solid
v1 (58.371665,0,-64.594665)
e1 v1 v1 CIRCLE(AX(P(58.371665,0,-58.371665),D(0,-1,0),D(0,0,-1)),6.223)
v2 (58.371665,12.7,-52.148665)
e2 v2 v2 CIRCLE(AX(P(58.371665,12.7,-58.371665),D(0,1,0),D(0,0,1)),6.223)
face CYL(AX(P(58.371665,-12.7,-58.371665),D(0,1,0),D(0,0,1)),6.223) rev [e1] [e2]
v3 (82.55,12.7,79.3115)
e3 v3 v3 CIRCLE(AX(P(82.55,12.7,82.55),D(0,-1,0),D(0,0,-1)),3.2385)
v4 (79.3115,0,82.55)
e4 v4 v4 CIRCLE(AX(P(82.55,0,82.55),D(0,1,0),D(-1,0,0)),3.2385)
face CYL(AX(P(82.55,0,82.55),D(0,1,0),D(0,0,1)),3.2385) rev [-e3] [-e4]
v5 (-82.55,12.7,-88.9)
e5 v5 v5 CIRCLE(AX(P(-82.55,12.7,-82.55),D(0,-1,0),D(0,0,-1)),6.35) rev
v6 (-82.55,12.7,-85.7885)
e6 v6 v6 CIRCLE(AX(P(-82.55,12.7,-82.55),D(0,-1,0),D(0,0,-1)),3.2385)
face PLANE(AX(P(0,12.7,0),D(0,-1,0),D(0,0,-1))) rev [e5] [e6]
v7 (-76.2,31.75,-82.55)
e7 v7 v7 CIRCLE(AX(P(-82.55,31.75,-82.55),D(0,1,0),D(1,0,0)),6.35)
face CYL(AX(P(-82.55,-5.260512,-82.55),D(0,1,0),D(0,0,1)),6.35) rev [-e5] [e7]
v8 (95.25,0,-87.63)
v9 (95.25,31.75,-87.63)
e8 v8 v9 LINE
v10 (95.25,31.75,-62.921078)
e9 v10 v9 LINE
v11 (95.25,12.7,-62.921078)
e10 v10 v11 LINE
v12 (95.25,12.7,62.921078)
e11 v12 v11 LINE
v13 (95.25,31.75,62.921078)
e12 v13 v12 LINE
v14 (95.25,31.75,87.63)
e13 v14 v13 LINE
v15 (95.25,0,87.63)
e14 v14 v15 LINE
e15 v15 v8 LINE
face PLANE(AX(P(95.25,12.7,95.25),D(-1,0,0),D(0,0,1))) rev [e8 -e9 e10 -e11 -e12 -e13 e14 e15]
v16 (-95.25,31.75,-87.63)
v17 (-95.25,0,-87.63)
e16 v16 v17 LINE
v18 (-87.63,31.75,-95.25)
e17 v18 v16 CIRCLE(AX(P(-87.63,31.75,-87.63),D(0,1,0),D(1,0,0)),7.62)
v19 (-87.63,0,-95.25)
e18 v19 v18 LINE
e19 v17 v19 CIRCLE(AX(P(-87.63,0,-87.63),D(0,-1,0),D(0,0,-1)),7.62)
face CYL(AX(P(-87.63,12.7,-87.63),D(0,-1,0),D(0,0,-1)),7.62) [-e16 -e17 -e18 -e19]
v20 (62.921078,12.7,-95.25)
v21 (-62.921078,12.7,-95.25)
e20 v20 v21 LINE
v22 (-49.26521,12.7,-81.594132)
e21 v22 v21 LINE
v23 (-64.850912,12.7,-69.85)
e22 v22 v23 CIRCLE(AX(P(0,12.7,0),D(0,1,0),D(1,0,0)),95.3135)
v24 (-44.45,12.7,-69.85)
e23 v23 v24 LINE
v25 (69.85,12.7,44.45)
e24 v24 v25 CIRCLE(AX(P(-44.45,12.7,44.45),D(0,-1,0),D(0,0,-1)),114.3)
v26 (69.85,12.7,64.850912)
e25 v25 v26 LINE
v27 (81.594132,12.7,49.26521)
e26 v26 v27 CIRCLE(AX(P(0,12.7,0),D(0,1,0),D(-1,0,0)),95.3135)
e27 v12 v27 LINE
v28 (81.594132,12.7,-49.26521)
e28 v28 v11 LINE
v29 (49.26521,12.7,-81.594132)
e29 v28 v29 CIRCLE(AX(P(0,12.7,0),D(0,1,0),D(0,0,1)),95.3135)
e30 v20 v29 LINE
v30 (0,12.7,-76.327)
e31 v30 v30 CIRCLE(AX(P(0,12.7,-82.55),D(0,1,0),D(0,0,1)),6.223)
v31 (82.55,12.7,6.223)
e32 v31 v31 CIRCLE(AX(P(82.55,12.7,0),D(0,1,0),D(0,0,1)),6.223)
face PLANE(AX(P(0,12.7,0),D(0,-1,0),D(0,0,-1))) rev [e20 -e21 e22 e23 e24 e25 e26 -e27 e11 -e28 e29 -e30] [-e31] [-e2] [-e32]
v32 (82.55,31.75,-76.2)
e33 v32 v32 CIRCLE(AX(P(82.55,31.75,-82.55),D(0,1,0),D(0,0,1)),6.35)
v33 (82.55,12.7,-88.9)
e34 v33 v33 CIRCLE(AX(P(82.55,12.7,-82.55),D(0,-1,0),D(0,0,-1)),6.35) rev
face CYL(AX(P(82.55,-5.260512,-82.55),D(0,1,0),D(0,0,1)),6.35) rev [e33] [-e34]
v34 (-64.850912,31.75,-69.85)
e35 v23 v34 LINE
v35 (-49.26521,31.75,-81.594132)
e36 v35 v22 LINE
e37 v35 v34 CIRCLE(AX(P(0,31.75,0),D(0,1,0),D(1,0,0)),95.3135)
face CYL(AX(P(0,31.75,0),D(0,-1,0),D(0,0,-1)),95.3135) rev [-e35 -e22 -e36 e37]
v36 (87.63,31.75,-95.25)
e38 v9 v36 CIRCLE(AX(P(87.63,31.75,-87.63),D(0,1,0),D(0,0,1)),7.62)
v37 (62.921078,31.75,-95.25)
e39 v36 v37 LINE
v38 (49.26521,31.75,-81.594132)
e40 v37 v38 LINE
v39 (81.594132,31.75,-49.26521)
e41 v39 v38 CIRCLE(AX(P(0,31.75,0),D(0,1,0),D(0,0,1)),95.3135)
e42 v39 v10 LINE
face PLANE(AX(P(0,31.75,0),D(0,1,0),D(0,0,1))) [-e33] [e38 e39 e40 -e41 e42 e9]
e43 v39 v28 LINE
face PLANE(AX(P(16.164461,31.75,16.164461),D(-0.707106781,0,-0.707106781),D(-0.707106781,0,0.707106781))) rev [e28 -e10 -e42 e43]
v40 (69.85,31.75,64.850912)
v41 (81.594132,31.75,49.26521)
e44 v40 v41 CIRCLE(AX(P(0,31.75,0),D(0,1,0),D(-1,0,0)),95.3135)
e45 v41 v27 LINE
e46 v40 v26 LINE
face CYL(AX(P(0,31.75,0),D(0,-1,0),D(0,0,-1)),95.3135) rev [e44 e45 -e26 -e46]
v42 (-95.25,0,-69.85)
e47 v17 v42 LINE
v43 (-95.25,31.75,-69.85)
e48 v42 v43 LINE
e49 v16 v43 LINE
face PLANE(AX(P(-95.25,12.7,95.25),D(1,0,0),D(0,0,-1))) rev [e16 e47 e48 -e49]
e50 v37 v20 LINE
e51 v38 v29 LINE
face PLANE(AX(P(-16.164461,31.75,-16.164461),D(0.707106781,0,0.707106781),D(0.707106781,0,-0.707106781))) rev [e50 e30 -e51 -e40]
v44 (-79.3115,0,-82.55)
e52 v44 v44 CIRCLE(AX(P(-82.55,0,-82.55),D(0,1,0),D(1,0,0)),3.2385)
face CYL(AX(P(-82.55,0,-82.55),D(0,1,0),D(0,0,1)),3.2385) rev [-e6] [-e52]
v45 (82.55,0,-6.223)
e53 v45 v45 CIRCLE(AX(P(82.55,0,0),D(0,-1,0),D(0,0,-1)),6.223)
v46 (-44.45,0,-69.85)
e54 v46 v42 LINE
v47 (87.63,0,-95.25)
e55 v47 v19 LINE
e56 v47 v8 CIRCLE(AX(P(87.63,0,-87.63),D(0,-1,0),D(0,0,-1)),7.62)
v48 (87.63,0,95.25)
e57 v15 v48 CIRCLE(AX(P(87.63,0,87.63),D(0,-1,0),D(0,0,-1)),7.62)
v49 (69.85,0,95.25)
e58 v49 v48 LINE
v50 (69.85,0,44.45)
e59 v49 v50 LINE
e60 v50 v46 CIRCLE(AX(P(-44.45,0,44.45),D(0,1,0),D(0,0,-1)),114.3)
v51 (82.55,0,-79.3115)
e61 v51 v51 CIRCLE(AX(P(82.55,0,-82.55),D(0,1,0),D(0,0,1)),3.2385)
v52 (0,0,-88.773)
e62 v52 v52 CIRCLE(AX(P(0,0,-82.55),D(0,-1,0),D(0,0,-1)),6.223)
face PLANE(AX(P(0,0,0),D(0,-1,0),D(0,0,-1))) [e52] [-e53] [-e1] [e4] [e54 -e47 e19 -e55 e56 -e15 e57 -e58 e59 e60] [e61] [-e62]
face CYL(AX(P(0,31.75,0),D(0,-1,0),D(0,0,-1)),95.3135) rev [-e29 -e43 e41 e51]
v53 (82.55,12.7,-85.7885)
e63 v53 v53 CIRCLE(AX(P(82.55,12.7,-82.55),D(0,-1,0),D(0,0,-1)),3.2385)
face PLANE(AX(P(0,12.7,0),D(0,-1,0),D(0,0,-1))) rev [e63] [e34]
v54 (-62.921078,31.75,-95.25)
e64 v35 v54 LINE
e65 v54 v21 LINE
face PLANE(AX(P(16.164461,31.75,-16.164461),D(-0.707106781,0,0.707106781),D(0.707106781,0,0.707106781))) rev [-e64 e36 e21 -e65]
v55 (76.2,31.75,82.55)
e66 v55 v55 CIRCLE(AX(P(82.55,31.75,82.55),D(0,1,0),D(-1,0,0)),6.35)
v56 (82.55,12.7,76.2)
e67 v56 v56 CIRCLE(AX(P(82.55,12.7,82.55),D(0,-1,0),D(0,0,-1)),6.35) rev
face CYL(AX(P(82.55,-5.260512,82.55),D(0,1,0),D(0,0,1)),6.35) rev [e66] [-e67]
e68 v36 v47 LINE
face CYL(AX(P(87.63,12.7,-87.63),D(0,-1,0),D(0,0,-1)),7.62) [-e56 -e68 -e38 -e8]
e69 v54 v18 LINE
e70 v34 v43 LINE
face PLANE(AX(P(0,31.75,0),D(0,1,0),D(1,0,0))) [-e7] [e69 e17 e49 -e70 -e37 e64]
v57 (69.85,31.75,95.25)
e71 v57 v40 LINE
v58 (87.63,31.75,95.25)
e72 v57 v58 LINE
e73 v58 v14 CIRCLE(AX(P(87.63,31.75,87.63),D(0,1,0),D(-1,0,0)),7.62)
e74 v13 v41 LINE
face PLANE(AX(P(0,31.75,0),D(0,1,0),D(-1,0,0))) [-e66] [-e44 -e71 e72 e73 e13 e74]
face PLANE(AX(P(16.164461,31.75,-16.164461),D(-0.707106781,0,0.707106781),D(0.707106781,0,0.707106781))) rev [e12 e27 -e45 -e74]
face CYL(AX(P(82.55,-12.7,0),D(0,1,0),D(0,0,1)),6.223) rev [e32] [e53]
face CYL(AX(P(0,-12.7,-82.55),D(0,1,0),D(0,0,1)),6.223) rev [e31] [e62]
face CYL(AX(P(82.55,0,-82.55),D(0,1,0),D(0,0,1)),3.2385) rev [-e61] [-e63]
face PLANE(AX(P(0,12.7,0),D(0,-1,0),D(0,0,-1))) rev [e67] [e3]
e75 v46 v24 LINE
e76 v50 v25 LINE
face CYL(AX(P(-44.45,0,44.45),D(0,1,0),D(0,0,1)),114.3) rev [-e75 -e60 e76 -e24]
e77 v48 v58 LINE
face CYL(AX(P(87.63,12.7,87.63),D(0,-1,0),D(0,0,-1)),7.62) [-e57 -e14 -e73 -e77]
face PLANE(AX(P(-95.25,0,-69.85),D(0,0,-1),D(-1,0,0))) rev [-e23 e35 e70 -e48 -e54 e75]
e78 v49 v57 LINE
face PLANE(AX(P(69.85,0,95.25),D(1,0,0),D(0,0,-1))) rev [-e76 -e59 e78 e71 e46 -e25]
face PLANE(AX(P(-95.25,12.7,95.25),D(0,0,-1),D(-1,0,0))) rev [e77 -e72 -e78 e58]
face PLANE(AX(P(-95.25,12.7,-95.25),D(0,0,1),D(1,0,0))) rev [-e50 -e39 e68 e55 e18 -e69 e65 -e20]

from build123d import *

# Parameters (mm, degrees)
SKETCH1_W               = 190.5
SKETCH1_H               = 190.5
BOSS_EXTRUDE1_DEPTH     = 12.7
FILLET1_R               = 7.62
BOSS_EXTRUDE3_START     = 19.05
BOSS_EXTRUDE3_DEPTH     = 19.05
CIRPATTERN1_COUNT       = 4
SKETCH8_R               = 6.223
CUT_EXTRUDE2_DEPTH      = 25.4
CUT_EXTRUDE3_DEPTH      = 137.044211564
CUT_EXTRUDE3_DEPTH_BACK = 137.044211564
SKETCH10_R              = 6.223
FILLET2_R               = 12.7
SKETCH11_R              = 6.35
CUT_EXTRUDE4_DEPTH      = 19.05
SKETCH11_3_R            = 3.2385
CUT_EXTRUDE5_DEPTH      = 139.395041457
CIRPATTERN2_COUNT       = 4
CUT_EXTRUDE6_DEPTH      = 137.044211564
CUT_EXTRUDE6_DEPTH_BACK = 137.044211564
CUT_EXTRUDE7_DEPTH      = 137.044211564
CUT_EXTRUDE7_DEPTH_BACK = 137.044211564


with BuildPart() as part:
    # Sketch1 → Boss-Extrude1 (new body)
    with BuildSketch(Plane(origin=(0, 0, 0), x_dir=(1, 0, 0), z_dir=(0, 1, 0))):
        Rectangle(SKETCH1_W, SKETCH1_H)
    extrude(amount=BOSS_EXTRUDE1_DEPTH)

    # Fillet1
    fillet1_edges = [part.edges().sort_by_distance(p)[0] for p in [
        (95.25, 6.35, 95.25),
        (-95.25, 6.35, 95.25),
        (-95.25, 6.35, -95.25),
        (95.25, 6.35, -95.25),
    ]]
    fillet(fillet1_edges, radius=FILLET1_R)

    # Sketch7 → Boss-Extrude3 (add)
    with BuildSketch(Plane(origin=(0, 12.7, 0), x_dir=(1, 0, 0), z_dir=(0, 1, 0)).offset(BOSS_EXTRUDE3_START)):
        with BuildLine():
            Line((67.396822189, 67.396822189), (93.018153673, 93.018153673))
            ThreePointArc((93.018153673, 93.018153673), (90.546047755, 94.669962038), (87.63, 95.25))
            Line((87.63, 95.25), (62.921077964, 95.25))
            Line((62.921077964, 95.25), (49.265209936, 81.594131972))
            ThreePointArc((49.265209936, 81.594131972), (58.761367718, 75.045086089), (67.396822189, 67.396822189))
        make_face()
        with BuildLine():
            ThreePointArc((95.25, 87.63), (94.669962038, 90.546047755), (93.018153673, 93.018153673))
            Line((93.018153673, 93.018153673), (67.396822189, 67.396822189))
            ThreePointArc((67.396822189, 67.396822189), (75.045086089, 58.761367718), (81.594131972, 49.265209936))
            Line((81.594131972, 49.265209936), (95.25, 62.921077964))
            Line((95.25, 62.921077964), (95.25, 87.63))
        make_face()
    boss_extrude3 = extrude(amount=-BOSS_EXTRUDE3_DEPTH)

    # CirPattern1: Boss-Extrude3 ×4 about axis
    cirpattern1_axis = Axis((0, 0, 0), (0, 1, 0))
    for i in range(1, CIRPATTERN1_COUNT):
        add(boss_extrude3.rotate(cirpattern1_axis, i * 360 / CIRPATTERN1_COUNT))

    # Sketch8 → Cut-Extrude2 (cut)
    with BuildSketch(Plane(origin=(0, 12.7, 0), x_dir=(1, 0, 0), z_dir=(0, 1, 0))):
        with Locations(Location((0, 82.55, 0), (0, 0, 270))):
            Circle(SKETCH8_R)
        with Locations(Location((58.371664787, 58.371664787, 0), (0, 0, 270))):
            Circle(SKETCH8_R)
        with Locations(Location((82.55, 0, 0), (0, 0, 270))):
            Circle(SKETCH8_R)
        with Locations(Location((58.371664787, -58.371664787, 0), (0, 0, 270))):
            Circle(SKETCH8_R)
        with Locations(Location((0, -82.55, 0), (0, 0, 270))):
            Circle(SKETCH8_R)
        with Locations(Location((-58.371664787, -58.371664787, 0), (0, 0, 270))):
            Circle(SKETCH8_R)
        with Locations(Location((-82.55, 0, 0), (0, 0, 270))):
            Circle(SKETCH8_R)
        with Locations(Location((-58.371664787, 58.371664787, 0), (0, 0, 270))):
            Circle(SKETCH8_R)
    extrude(amount=-CUT_EXTRUDE2_DEPTH, mode=Mode.SUBTRACT)

    # Sketch10 → Cut-Extrude3 (cut, two sides: drawn at the far end of the back side and taken through both)
    # profile 1 of 2: a face of its own
    with BuildSketch(Plane(origin=(0, 12.7, 0), x_dir=(1, 0, 0), z_dir=(0, 1, 0)).offset(-CUT_EXTRUDE3_DEPTH_BACK)):
        Polygon((38.1, 38.1), (-95.25, 38.1), (-95.25, -38.1), (-38.1, -38.1), (-38.1, -95.25), (38.1, -95.25), align=None)
        with Locations((-82.55, 0)):
            Circle(SKETCH10_R, mode=Mode.SUBTRACT)
        with Locations((0, -82.55)):
            Circle(SKETCH10_R, mode=Mode.SUBTRACT)
    # profile 2 of 2: a face of its own
    with BuildSketch(Plane(origin=(0, 12.7, 0), x_dir=(1, 0, 0), z_dir=(0, 1, 0)).offset(-CUT_EXTRUDE3_DEPTH_BACK)):
        with BuildLine():
            Line((-38.1, -38.1), (-95.25, -38.1))
            Line((-95.25, -38.1), (-95.25, -62.921077964))
            Line((-95.25, -62.921077964), (-81.594131972, -49.265209936))
            ThreePointArc((-81.594131972, -49.265209936), (-67.396822189, -67.396822189), (-49.265209936, -81.594131972))
            Line((-49.265209936, -81.594131972), (-62.921077964, -95.25))
            Line((-62.921077964, -95.25), (-38.1, -95.25))
            Line((-38.1, -95.25), (-38.1, -38.1))
        make_face()
        with Locations((-58.371664787, -58.371664787)):
            Circle(SKETCH10_R, mode=Mode.SUBTRACT)
    extrude(amount=CUT_EXTRUDE3_DEPTH + CUT_EXTRUDE3_DEPTH_BACK, mode=Mode.SUBTRACT)


with BuildPart() as cut_extrude3_kept_piece:
    # of the separate pieces the step leaves, the one the design keeps (cut_extrude3_pieces_kept)
    add(part.part.solids().sort_by_distance((38.1, 0, 95.25))[0])

    # Fillet2
    fillet2_edges = [cut_extrude3_kept_piece.edges().sort_by_distance(p)[0] for p in [
        (-95.25, 6.35, -38.1),
        (38.1, 6.35, -38.1),
        (38.1, 6.35, 95.25),
    ]]
    fillet(fillet2_edges, radius=FILLET2_R)

    # Sketch11 → Cut-Extrude4 (cut)
    with BuildSketch(Plane(origin=(0, 31.75, 0), x_dir=(1, 0, 0), z_dir=(0, 1, 0))):
        with Locations(Location((82.55, 82.55, 0), (0, 0, 270))):
            Circle(SKETCH11_R)
    cut_extrude4 = extrude(amount=-CUT_EXTRUDE4_DEPTH, mode=Mode.SUBTRACT)

    # Sketch11<3> → Cut-Extrude5 (cut, through all)
    with BuildSketch(Plane(origin=(0, 31.75, 0), x_dir=(1, 0, 0), z_dir=(0, 1, 0))):
        with Locations(Location((82.55, 82.55, 0), (0, 0, 270))):
            Circle(SKETCH11_3_R)
    cut_extrude5 = extrude(amount=-CUT_EXTRUDE5_DEPTH, mode=Mode.SUBTRACT)

    # CirPattern2: Cut-Extrude4, Cut-Extrude5 ×4 about axis
    cirpattern2_axis = Axis((0, 0, 0), (0, 1, 0))
    add([cut_extrude4.rotate(cirpattern2_axis, i * 360 / CIRPATTERN2_COUNT) for i in range(1, CIRPATTERN2_COUNT)], mode=Mode.SUBTRACT)
    add([cut_extrude5.rotate(cirpattern2_axis, i * 360 / CIRPATTERN2_COUNT) for i in range(1, CIRPATTERN2_COUNT)], mode=Mode.SUBTRACT)

    # Sketch12 → Cut-Extrude6 (cut, two sides: drawn at the far end of the back side and taken through both)
    with BuildSketch(Plane(origin=(0, 12.7, 0), x_dir=(1, 0, 0), z_dir=(0, 1, 0)).offset(-CUT_EXTRUDE6_DEPTH_BACK)):
        Polygon((-95.25, -95.25), (69.85, -95.25), (69.85, -44.45), (-44.45, -44.45), (-44.45, 69.85), (-95.25, 69.85), align=None)
    extrude(amount=CUT_EXTRUDE6_DEPTH + CUT_EXTRUDE6_DEPTH_BACK, mode=Mode.SUBTRACT)

    # Sketch13 → Cut-Extrude7 (cut, two sides: drawn at the far end of the back side and taken through both)
    with BuildSketch(Plane(origin=(0, 12.7, 0), x_dir=(1, 0, 0), z_dir=(0, 1, 0)).offset(-CUT_EXTRUDE7_DEPTH_BACK)):
        with BuildLine():
            Line((-44.45, 69.85), (-44.45, -44.45))
            Line((-44.45, -44.45), (69.85, -44.45))
            ThreePointArc((69.85, -44.45), (36.37230509, 36.37230509), (-44.45, 69.85))
        make_face()
    extrude(amount=CUT_EXTRUDE7_DEPTH + CUT_EXTRUDE7_DEPTH_BACK, mode=Mode.SUBTRACT)


solid = cut_extrude3_kept_piece.part
